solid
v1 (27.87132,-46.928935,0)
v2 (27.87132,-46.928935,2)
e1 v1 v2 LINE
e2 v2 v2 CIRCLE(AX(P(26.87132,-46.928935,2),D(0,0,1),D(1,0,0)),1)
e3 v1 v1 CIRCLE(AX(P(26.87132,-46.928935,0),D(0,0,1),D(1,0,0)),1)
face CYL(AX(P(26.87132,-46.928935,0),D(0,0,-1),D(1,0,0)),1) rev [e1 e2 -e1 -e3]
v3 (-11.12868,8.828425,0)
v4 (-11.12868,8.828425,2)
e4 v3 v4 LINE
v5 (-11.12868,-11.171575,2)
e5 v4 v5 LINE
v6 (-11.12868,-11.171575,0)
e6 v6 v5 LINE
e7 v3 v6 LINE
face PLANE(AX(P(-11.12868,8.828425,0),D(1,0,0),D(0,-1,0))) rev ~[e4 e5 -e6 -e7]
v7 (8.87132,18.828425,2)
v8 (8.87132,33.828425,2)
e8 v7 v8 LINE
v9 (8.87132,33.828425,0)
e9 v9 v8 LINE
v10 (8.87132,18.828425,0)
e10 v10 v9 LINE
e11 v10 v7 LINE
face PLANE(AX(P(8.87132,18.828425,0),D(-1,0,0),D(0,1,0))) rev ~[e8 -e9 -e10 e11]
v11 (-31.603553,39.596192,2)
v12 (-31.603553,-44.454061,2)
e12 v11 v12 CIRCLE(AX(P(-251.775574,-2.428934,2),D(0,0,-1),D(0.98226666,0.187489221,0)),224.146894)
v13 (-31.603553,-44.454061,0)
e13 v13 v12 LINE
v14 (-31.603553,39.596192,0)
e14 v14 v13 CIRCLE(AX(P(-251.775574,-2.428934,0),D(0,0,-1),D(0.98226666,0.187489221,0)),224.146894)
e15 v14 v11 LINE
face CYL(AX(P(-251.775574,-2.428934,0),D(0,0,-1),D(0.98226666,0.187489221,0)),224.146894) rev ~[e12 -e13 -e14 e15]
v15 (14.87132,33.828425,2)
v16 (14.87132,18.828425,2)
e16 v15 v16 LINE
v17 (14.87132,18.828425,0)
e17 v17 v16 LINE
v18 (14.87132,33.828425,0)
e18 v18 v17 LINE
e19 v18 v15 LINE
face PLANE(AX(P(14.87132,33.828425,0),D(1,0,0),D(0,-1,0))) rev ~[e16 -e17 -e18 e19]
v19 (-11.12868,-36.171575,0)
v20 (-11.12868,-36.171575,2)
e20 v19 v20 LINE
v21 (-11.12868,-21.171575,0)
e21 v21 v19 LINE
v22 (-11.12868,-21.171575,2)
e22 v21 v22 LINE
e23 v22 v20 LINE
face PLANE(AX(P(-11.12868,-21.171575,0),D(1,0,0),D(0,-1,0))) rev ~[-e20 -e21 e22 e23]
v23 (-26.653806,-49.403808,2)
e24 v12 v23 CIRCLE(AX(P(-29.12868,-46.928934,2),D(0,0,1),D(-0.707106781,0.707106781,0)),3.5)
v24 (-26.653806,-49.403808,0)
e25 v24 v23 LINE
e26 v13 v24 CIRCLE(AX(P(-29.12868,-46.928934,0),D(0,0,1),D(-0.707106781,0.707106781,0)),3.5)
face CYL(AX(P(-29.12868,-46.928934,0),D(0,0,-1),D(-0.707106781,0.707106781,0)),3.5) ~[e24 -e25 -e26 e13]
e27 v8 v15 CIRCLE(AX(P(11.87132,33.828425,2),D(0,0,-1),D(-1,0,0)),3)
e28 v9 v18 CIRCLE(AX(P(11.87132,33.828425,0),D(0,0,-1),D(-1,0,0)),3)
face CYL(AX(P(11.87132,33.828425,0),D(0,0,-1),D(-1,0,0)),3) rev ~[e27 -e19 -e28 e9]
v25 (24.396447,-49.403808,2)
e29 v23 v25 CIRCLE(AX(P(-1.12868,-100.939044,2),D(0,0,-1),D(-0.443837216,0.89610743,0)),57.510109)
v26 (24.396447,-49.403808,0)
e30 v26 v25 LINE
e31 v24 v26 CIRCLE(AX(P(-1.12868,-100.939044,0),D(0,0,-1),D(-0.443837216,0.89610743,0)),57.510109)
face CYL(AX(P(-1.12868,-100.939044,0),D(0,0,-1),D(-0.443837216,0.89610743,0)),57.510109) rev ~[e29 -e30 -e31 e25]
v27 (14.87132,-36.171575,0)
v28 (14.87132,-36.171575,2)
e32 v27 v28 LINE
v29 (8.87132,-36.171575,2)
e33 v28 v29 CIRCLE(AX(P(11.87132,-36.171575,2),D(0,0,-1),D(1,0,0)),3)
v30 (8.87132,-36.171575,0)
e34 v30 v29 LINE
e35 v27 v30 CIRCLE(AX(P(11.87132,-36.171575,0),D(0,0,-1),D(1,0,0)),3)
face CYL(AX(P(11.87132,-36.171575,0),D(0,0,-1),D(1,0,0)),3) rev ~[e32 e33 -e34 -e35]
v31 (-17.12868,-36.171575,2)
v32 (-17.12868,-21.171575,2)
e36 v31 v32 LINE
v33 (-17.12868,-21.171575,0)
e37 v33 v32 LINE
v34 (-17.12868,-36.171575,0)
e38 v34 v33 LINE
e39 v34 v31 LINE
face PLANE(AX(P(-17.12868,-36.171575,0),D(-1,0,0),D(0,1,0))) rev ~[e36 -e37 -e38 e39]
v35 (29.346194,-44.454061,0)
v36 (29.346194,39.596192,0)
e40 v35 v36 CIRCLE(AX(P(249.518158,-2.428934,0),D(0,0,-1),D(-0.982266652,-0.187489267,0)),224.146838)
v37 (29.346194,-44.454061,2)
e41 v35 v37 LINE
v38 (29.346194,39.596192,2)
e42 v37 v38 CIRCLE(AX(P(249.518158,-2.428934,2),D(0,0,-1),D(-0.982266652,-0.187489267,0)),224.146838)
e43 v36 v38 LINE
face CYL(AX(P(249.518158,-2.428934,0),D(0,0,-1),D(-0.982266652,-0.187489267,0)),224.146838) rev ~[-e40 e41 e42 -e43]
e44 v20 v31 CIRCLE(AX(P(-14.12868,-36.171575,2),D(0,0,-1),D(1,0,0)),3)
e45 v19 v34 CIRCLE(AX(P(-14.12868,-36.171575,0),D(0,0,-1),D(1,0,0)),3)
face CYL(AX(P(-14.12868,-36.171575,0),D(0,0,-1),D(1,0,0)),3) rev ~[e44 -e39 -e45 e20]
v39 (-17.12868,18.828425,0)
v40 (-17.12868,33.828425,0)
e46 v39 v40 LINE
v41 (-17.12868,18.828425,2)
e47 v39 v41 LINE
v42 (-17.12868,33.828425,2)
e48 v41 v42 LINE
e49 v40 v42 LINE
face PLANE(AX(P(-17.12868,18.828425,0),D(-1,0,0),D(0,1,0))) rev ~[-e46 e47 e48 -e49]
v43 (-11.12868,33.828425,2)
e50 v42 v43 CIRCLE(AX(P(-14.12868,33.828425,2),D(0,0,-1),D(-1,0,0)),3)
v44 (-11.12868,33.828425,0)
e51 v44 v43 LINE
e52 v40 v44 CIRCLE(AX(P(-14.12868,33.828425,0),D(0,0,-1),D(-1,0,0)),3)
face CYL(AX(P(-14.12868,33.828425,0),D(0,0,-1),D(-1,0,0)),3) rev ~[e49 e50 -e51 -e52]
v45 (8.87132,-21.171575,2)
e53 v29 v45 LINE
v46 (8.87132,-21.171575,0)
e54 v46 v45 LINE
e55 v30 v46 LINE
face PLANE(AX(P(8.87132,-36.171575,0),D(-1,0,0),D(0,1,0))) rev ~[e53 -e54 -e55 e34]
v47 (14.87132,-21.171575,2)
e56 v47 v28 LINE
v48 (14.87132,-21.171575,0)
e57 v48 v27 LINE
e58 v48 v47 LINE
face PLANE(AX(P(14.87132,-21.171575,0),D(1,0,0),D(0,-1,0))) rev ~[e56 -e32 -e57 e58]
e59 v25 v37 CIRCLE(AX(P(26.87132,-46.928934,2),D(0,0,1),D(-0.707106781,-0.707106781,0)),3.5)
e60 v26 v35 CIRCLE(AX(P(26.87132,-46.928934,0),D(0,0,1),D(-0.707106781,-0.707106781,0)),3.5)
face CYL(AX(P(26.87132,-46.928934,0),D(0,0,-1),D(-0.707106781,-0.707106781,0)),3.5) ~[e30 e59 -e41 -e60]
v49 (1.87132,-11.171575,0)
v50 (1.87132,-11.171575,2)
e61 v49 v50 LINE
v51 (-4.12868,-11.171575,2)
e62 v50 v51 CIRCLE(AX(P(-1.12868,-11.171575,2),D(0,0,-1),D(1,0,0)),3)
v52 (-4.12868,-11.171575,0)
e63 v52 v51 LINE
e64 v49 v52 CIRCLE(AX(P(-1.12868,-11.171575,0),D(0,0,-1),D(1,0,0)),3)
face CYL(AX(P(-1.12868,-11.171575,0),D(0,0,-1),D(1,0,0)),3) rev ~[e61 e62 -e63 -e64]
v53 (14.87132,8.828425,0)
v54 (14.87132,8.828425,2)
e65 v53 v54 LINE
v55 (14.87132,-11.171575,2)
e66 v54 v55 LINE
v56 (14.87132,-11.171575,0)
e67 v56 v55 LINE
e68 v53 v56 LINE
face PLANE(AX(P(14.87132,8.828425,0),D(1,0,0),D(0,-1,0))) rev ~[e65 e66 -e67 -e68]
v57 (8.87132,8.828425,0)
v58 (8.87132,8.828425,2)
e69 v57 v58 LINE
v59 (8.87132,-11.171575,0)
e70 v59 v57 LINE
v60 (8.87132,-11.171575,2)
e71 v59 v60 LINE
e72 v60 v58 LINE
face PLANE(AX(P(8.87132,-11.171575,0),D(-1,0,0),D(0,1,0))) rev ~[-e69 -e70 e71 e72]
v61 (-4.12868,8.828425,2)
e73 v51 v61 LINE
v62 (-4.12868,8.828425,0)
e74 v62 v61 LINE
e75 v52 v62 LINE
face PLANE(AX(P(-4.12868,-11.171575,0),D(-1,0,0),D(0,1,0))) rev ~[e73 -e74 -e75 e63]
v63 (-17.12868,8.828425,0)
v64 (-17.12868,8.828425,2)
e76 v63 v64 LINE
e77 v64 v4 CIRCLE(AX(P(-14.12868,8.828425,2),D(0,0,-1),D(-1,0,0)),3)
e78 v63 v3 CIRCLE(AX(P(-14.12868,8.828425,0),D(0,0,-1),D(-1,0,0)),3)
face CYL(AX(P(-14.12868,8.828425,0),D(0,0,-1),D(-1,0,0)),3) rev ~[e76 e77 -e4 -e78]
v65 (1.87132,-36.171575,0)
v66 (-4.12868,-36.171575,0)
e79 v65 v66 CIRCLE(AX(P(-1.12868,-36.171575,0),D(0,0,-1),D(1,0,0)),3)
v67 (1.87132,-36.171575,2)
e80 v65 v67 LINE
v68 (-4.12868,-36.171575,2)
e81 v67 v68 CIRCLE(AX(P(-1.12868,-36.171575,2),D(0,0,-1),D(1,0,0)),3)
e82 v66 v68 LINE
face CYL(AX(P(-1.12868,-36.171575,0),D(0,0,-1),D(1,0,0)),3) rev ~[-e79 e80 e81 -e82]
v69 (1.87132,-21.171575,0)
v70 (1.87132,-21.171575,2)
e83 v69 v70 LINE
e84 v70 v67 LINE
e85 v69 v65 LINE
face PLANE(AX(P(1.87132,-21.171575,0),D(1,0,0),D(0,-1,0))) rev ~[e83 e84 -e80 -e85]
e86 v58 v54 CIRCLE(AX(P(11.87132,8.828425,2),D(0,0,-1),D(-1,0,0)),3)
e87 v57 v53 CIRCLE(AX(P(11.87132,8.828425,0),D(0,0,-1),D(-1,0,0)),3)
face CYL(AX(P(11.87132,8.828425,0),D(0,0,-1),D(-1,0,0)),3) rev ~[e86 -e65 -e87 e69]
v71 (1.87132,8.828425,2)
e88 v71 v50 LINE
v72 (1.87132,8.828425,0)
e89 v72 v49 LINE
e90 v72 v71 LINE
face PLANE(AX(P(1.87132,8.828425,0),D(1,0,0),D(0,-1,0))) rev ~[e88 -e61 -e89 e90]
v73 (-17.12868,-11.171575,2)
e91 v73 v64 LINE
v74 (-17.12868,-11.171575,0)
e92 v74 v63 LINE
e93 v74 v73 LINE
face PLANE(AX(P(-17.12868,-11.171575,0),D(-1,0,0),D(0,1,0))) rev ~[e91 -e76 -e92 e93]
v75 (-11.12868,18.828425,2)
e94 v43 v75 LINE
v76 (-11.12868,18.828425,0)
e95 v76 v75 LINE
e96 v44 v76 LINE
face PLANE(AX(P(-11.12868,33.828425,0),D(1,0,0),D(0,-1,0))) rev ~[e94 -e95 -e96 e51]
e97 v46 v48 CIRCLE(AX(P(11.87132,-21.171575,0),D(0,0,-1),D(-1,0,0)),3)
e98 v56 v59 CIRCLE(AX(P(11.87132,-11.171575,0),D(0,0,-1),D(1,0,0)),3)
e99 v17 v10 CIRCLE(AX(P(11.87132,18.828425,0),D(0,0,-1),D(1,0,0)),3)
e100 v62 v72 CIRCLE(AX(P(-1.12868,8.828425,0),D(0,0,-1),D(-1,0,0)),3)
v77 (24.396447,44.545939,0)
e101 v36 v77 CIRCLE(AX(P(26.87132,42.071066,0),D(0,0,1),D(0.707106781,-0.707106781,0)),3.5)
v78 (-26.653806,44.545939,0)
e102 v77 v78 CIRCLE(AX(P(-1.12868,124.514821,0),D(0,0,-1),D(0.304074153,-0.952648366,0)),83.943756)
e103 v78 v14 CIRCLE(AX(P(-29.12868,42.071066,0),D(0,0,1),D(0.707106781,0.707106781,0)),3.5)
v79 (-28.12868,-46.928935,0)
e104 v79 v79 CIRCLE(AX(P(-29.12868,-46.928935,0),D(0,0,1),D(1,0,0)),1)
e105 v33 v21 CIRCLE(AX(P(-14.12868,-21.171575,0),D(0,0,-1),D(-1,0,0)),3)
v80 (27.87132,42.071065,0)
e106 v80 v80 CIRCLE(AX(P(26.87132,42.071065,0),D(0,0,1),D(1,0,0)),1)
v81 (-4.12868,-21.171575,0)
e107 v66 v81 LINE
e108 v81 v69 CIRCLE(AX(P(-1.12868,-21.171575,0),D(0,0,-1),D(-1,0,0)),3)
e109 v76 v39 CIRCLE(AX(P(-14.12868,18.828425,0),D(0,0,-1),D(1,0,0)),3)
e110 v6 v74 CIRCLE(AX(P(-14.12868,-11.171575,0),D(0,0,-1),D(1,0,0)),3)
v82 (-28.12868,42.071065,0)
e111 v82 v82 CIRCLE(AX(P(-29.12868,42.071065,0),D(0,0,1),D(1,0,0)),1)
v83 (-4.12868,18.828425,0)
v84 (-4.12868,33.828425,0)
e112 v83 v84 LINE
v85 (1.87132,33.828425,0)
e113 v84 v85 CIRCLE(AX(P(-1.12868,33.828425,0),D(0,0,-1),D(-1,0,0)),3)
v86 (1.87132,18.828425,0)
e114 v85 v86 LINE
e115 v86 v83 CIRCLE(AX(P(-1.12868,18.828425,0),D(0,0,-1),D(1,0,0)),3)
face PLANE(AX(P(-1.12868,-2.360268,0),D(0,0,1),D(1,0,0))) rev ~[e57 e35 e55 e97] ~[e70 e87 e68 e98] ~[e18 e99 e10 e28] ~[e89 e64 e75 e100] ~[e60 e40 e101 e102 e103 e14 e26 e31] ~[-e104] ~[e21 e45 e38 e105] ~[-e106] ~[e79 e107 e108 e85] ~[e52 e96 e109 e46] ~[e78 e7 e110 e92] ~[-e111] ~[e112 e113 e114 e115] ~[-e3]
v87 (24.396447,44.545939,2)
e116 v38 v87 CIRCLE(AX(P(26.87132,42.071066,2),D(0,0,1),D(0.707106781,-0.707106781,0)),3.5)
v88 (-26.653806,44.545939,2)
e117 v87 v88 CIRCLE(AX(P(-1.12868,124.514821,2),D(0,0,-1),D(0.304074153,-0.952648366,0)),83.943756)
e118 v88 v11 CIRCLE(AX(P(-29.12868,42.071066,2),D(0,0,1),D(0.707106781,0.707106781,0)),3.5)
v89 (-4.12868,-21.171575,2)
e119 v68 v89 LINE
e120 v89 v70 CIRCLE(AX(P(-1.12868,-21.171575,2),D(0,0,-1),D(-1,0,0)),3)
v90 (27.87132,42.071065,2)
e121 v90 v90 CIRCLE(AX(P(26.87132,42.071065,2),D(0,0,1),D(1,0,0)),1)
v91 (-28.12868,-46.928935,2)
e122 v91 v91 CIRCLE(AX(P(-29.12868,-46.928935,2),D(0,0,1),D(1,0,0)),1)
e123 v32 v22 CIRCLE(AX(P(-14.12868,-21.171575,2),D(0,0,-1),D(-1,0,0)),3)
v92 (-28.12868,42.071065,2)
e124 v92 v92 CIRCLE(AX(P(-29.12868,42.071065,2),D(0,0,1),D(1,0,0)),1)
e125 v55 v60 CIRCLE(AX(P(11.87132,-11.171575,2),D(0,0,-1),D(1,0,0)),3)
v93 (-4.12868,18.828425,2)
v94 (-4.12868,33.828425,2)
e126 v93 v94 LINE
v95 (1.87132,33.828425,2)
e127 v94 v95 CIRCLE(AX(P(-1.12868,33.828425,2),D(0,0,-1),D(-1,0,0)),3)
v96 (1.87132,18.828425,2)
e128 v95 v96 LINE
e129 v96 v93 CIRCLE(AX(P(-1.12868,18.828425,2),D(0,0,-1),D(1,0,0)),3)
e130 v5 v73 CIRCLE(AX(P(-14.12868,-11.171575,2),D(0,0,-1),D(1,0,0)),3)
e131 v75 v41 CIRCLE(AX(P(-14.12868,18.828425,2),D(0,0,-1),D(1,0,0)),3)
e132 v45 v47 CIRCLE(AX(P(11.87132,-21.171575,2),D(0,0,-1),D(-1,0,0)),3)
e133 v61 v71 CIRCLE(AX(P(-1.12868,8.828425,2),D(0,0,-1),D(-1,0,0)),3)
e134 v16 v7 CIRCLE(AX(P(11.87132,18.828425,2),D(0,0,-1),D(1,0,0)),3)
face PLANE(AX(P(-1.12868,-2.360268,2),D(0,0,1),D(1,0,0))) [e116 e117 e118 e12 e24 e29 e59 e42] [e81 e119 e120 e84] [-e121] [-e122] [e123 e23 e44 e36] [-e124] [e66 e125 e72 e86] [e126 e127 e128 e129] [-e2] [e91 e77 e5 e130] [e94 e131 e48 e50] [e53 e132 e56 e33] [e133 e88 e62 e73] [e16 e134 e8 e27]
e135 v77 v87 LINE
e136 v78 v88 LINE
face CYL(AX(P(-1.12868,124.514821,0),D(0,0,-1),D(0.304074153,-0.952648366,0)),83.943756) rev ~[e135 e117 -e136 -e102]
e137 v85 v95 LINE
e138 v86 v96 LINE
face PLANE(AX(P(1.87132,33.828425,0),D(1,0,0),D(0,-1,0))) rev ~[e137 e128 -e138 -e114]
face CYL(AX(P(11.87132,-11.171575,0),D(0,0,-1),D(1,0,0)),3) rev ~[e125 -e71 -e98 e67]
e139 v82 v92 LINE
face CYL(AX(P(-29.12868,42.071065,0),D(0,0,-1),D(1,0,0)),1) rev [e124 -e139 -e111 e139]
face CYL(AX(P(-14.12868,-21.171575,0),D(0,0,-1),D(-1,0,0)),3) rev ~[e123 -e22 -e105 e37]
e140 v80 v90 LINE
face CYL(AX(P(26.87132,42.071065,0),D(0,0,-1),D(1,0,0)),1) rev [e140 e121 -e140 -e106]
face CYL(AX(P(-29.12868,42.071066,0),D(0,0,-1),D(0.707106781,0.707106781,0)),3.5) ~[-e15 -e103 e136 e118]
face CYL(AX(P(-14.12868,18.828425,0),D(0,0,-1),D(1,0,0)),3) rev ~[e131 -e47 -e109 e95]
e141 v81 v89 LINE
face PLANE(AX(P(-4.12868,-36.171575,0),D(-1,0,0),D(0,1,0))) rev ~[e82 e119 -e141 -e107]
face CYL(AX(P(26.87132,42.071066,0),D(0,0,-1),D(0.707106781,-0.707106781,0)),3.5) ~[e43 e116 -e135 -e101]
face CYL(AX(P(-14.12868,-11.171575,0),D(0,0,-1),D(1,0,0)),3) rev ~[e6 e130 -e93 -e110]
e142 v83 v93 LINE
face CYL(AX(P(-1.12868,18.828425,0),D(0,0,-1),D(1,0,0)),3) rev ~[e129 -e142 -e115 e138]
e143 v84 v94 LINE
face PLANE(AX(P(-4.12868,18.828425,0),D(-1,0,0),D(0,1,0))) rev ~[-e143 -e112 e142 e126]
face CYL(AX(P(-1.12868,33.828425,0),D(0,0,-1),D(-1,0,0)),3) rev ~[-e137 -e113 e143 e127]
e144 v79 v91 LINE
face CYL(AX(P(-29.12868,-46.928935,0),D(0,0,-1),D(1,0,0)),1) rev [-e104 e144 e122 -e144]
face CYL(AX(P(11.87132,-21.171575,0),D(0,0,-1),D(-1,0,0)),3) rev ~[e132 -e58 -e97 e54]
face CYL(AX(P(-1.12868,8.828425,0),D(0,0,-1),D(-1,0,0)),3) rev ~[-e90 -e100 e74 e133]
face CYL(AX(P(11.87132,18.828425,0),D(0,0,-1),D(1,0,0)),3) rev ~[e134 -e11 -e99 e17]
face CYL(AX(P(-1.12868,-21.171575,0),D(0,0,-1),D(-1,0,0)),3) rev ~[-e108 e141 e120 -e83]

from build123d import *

# Parameters (mm, degrees)
F0_R     = 1
F1_DEPTH = 2


with BuildPart() as f1:
    # F0 (on Top) → F1 (new body)
    with BuildSketch(Plane.XY):
        with BuildLine():
            ThreePointArc((29.346194, 39.596192), (29.346194, 44.545939), (24.396447, 44.545939))
            ThreePointArc((24.396447, 44.545939), (-1.12868, 40.571065), (-26.653806, 44.545939))
            ThreePointArc((-26.653806, 44.545939), (-31.603553, 44.545939), (-31.603553, 39.596192))
            ThreePointArc((-31.603553, 39.596192), (-27.62868, -2.428935), (-31.603553, -44.454061))
            ThreePointArc((-31.603553, -44.454061), (-31.603553, -49.403808), (-26.653806, -49.403808))
            ThreePointArc((-26.653806, -49.403808), (-1.12868, -43.428935), (24.396447, -49.403808))
            ThreePointArc((24.396447, -49.403808), (29.346194, -49.403808), (29.346194, -44.454061))
            ThreePointArc((29.346194, -44.454061), (25.37132, -2.428935), (29.346194, 39.596192))
        make_face()
        with Locations((-29.12868, -46.928935)):
            Circle(F0_R, mode=Mode.SUBTRACT)
        with BuildLine():
            Line((-17.12868, -36.171575), (-17.12868, -21.171575))
            ThreePointArc((-17.12868, -21.171575), (-14.12868, -18.171575), (-11.12868, -21.171575))
            Line((-11.12868, -21.171575), (-11.12868, -36.171575))
            ThreePointArc((-11.12868, -36.171575), (-14.12868, -39.171575), (-17.12868, -36.171575))
        make_face(mode=Mode.SUBTRACT)
        with BuildLine():
            Line((-4.12868, -36.171575), (-4.12868, -21.171575))
            ThreePointArc((-4.12868, -21.171575), (-1.12868, -18.171575), (1.87132, -21.171575))
            Line((1.87132, -21.171575), (1.87132, -36.171575))
            ThreePointArc((1.87132, -36.171575), (-1.12868, -39.171575), (-4.12868, -36.171575))
        make_face(mode=Mode.SUBTRACT)
        with BuildLine():
            Line((8.87132, -36.171575), (8.87132, -21.171575))
            ThreePointArc((8.87132, -21.171575), (11.87132, -18.171575), (14.87132, -21.171575))
            Line((14.87132, -21.171575), (14.87132, -36.171575))
            ThreePointArc((14.87132, -36.171575), (11.87132, -39.171575), (8.87132, -36.171575))
        make_face(mode=Mode.SUBTRACT)
        with Locations((26.87132, -46.928935)):
            Circle(F0_R, mode=Mode.SUBTRACT)
        with BuildLine():
            Line((-17.12868, -11.171575), (-17.12868, 8.828425))
            ThreePointArc((-17.12868, 8.828425), (-14.12868, 11.828425), (-11.12868, 8.828425))
            Line((-11.12868, 8.828425), (-11.12868, -11.171575))
            ThreePointArc((-11.12868, -11.171575), (-14.12868, -14.171575), (-17.12868, -11.171575))
        make_face(mode=Mode.SUBTRACT)
        with Locations((-29.12868, 42.071065)):
            Circle(F0_R, mode=Mode.SUBTRACT)
        with BuildLine():
            Line((-17.12868, 18.828425), (-17.12868, 33.828425))
            ThreePointArc((-17.12868, 33.828425), (-14.12868, 36.828425), (-11.12868, 33.828425))
            Line((-11.12868, 33.828425), (-11.12868, 18.828425))
            ThreePointArc((-11.12868, 18.828425), (-14.12868, 15.828425), (-17.12868, 18.828425))
        make_face(mode=Mode.SUBTRACT)
        with BuildLine():
            Line((-4.12868, -11.171575), (-4.12868, 8.828425))
            ThreePointArc((-4.12868, 8.828425), (-1.12868, 11.828425), (1.87132, 8.828425))
            Line((1.87132, 8.828425), (1.87132, -11.171575))
            ThreePointArc((1.87132, -11.171575), (-1.12868, -14.171575), (-4.12868, -11.171575))
        make_face(mode=Mode.SUBTRACT)
        with BuildLine():
            Line((8.87132, -11.171575), (8.87132, 8.828425))
            ThreePointArc((8.87132, 8.828425), (11.87132, 11.828425), (14.87132, 8.828425))
            Line((14.87132, 8.828425), (14.87132, -11.171575))
            ThreePointArc((14.87132, -11.171575), (11.87132, -14.171575), (8.87132, -11.171575))
        make_face(mode=Mode.SUBTRACT)
        with BuildLine():
            Line((-4.12868, 18.828425), (-4.12868, 33.828425))
            ThreePointArc((-4.12868, 33.828425), (-1.12868, 36.828425), (1.87132, 33.828425))
            Line((1.87132, 33.828425), (1.87132, 18.828425))
            ThreePointArc((1.87132, 18.828425), (-1.12868, 15.828425), (-4.12868, 18.828425))
        make_face(mode=Mode.SUBTRACT)
        with BuildLine():
            Line((8.87132, 18.828425), (8.87132, 33.828425))
            ThreePointArc((8.87132, 33.828425), (11.87132, 36.828425), (14.87132, 33.828425))
            Line((14.87132, 33.828425), (14.87132, 18.828425))
            ThreePointArc((14.87132, 18.828425), (11.87132, 15.828425), (8.87132, 18.828425))
        make_face(mode=Mode.SUBTRACT)
        with Locations((26.87132, 42.071065)):
            Circle(F0_R, mode=Mode.SUBTRACT)
    extrude(amount=F1_DEPTH)


solid = f1.part
